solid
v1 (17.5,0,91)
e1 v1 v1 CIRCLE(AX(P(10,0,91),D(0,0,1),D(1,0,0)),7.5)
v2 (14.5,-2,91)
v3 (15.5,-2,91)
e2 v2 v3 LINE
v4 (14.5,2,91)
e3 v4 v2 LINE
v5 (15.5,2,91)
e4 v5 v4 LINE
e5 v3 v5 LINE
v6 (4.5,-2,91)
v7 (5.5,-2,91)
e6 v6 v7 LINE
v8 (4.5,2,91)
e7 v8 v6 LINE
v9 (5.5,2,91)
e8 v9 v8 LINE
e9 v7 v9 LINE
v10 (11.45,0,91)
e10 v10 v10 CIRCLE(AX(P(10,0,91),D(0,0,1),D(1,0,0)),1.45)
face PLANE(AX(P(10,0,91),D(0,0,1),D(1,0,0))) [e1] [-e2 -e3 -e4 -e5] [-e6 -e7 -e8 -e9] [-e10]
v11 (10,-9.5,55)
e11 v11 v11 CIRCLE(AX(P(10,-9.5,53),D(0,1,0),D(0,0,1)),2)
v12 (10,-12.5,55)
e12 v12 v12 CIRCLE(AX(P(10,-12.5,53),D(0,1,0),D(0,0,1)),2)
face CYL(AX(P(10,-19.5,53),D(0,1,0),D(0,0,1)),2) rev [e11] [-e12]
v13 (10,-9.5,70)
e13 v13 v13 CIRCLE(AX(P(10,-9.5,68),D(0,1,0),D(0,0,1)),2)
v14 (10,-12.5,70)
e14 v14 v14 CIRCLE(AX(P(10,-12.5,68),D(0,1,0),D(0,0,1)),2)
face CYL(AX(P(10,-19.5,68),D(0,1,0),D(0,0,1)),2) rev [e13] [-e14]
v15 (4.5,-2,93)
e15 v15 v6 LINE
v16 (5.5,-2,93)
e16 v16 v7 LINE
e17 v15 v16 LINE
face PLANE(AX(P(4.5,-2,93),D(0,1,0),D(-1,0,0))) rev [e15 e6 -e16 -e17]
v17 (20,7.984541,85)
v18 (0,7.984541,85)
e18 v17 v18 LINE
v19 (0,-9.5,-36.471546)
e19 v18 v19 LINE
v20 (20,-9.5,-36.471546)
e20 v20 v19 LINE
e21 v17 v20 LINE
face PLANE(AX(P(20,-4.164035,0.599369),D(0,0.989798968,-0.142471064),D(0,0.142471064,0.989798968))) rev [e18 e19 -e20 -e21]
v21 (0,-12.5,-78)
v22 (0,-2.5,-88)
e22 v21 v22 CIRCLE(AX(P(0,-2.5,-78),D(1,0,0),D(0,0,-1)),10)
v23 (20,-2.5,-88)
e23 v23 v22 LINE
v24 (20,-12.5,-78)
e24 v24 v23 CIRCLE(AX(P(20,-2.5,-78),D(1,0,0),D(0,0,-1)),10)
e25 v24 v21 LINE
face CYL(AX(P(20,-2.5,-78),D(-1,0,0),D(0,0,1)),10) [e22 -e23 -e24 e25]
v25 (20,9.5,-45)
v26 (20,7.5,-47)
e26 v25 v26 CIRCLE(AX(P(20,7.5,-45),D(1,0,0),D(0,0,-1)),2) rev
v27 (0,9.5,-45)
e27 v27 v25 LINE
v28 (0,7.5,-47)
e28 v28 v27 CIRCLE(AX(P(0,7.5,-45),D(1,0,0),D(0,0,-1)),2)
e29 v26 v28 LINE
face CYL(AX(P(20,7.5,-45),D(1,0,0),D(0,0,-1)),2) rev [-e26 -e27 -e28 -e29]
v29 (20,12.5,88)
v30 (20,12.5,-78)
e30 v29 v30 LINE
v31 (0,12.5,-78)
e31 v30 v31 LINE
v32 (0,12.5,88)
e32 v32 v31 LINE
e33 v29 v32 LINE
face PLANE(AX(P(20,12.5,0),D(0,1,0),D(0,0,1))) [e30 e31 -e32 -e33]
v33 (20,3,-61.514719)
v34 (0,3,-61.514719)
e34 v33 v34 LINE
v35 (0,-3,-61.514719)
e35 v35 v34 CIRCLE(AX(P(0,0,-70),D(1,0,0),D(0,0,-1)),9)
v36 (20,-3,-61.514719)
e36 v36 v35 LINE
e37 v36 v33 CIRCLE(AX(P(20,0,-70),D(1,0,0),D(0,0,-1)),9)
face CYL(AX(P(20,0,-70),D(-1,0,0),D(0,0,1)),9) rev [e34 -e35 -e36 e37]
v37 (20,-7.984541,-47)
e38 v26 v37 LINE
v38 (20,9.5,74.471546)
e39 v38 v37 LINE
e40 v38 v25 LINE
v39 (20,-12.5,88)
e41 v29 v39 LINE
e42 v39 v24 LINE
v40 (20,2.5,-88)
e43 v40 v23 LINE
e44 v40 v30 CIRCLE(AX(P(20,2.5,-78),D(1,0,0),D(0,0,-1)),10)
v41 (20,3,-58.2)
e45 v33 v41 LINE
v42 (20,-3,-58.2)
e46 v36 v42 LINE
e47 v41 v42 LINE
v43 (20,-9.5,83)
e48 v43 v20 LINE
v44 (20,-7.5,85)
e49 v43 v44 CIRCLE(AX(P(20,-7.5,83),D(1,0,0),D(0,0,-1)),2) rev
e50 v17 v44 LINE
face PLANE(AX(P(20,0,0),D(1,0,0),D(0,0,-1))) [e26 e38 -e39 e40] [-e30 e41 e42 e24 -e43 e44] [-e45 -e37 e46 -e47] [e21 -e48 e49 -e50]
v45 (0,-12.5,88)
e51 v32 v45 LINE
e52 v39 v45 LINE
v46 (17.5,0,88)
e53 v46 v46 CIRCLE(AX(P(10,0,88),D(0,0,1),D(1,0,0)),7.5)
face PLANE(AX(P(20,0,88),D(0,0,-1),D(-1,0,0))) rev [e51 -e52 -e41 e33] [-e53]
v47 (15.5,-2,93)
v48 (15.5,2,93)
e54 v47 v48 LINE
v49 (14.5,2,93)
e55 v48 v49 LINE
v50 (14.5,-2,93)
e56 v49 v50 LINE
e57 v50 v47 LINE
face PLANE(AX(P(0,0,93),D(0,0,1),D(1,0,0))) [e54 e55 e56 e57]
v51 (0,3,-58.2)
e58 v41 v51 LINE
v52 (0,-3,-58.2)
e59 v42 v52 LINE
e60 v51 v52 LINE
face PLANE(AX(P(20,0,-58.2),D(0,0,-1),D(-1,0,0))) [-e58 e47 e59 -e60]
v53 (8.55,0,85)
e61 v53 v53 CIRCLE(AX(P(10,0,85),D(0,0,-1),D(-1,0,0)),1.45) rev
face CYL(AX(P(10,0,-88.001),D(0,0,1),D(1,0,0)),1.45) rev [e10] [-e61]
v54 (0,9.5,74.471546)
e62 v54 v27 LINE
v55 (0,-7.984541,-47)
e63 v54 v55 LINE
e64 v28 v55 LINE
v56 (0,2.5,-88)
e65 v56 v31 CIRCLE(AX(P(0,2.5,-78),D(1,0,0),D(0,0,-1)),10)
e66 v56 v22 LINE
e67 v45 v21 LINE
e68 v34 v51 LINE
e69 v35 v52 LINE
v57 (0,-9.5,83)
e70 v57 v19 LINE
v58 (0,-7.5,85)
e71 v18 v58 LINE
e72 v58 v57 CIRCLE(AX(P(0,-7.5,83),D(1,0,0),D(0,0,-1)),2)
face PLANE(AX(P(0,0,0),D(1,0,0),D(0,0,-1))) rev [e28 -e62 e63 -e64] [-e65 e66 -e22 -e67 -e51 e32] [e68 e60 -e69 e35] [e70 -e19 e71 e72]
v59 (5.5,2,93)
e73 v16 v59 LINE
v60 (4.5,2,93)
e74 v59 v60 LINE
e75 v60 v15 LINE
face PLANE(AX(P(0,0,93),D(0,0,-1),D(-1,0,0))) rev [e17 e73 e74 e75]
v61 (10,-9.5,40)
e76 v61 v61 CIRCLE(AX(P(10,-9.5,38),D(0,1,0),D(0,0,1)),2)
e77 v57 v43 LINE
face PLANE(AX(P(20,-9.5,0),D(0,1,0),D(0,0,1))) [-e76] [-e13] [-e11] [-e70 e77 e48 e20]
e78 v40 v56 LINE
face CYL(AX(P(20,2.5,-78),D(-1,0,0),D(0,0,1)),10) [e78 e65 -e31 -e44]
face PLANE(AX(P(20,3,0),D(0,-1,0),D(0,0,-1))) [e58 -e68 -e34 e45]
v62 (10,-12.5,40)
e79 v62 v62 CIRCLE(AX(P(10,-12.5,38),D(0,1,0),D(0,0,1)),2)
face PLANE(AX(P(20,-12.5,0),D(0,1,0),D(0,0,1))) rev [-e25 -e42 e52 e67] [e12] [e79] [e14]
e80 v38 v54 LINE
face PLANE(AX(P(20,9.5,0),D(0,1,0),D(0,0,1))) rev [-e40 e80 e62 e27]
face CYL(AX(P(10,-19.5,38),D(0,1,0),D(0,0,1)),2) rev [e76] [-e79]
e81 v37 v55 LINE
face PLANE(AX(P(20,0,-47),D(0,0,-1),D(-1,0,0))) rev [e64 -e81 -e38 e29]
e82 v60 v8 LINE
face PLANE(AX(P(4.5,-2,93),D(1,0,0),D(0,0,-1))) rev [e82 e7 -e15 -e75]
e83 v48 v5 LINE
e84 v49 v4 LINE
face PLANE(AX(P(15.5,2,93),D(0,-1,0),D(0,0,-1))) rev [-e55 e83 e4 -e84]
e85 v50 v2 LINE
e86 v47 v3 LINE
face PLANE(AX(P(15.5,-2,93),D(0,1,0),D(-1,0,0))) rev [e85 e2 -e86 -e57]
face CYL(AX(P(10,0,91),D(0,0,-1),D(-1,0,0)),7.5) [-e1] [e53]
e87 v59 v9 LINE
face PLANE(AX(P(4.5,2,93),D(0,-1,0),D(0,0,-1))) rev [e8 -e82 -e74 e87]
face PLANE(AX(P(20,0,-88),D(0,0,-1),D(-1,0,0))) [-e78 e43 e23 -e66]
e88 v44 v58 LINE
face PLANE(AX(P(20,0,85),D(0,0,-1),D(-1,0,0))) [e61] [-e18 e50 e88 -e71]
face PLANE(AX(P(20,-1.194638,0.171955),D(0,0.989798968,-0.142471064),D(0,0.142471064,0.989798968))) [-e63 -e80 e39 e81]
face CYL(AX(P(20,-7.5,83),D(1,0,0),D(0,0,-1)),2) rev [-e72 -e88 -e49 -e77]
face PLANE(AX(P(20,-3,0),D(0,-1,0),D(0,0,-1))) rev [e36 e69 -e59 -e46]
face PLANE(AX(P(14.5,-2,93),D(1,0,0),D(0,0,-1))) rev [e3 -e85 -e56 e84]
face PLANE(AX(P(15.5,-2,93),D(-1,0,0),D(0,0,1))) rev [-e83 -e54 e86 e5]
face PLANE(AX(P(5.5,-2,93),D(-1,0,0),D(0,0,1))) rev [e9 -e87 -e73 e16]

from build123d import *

# Parameters (mm, degrees)
SKETCH2_W           = 132
SKETCH2_H           = 19
BOSS_EXTRUDE1_DEPTH = 20
SKETCH3_R           = 7.5
BOSS_EXTRUDE2_DEPTH = 3
SKETCH4_W           = 1
SKETCH4_H           = 4
BOSS_EXTRUDE3_DEPTH = 2
CUT_EXTRUDE1_REACH  = 181
SKETCH5_R           = 1.45
FILLET1_R           = 2
SKETCH6_R           = 2
CUT_EXTRUDE2_DEPTH  = 10


with BuildPart() as part:
    # Sketch2 → Boss-Extrude1 (new body)
    with BuildSketch(Plane(origin=(0, 0, 0), x_dir=(0, 0, -1), z_dir=(1, 0, 0))):
        with BuildLine():
            Line((88, 2.5), (88, -2.5))
            ThreePointArc((88, -2.5), (85.071067812, -9.571067812), (78, -12.5))
            Line((78, -12.5), (-88, -12.5))
            Line((-88, -12.5), (-88, -9.5))
            Line((-88, -9.5), (-88, 9.5))
            Line((-88, 9.5), (-88, 12.5))
            Line((-88, 12.5), (78, 12.5))
            ThreePointArc((78, 12.5), (85.071067812, 9.571067812), (88, 2.5))
        make_face()
        with BuildLine():
            ThreePointArc((61.514718626, -3), (79, 0), (61.514718626, 3))
            Line((61.514718626, 3), (58.2, 3))
            Line((58.2, 3), (58.2, -3))
            Line((58.2, -3), (61.514718626, -3))
        make_face(mode=Mode.SUBTRACT)
        with Locations((-19, 0)):
            Rectangle(SKETCH2_W, SKETCH2_H, mode=Mode.SUBTRACT)
        Polygon((-85, 7.984540751), (36.47154627, -9.5), (47, -9.5), (47, -7.984540751), (-74.47154627, 9.5), (-85, 9.5), align=None)
    extrude(amount=BOSS_EXTRUDE1_DEPTH)

    # Sketch3 → Boss-Extrude2 (add)
    with BuildSketch(Plane.XY.offset(88)):
        with Locations((10, 0)):
            Circle(SKETCH3_R)
    extrude(amount=BOSS_EXTRUDE2_DEPTH)

    # Sketch4 → Boss-Extrude3 (add)
    with BuildSketch(Plane.XY.offset(91)):
        with Locations((5, 0)):
            Rectangle(SKETCH4_W, SKETCH4_H)
        with Locations((15, 0)):
            Rectangle(SKETCH4_W, SKETCH4_H)
    extrude(amount=BOSS_EXTRUDE3_DEPTH)

    # Sketch5 → Cut-Extrude1 (cut, up to next)
    with BuildSketch(Plane.XY.offset(91), mode=Mode.PRIVATE) as cut_extrude1_sk1:
        with Locations((10, 0)):
            Circle(SKETCH5_R)
    cut_extrude1_tool1 = extrude(cut_extrude1_sk1.sketch, amount=-CUT_EXTRUDE1_REACH, mode=Mode.PRIVATE) & part.part
    add(cut_extrude1_tool1.solids().sort_by_distance((10, 0, 91))[0], mode=Mode.SUBTRACT)

    # Fillet1
    fillet1_edges = [part.edges().sort_by_distance(p)[0] for p in [
        (10, 9.5, -47),
        (10, -9.5, 85),
    ]]
    fillet(fillet1_edges, radius=FILLET1_R)

    # Sketch6 → Cut-Extrude2 (cut)
    with BuildSketch(Plane(origin=(0, -9.5, 0), x_dir=(1, 0, 0), z_dir=(0, 1, 0))):
        with Locations((10, -53)):
            Circle(SKETCH6_R)
        with Locations((10, -68)):
            Circle(SKETCH6_R)
        with Locations((10, -38)):
            Circle(SKETCH6_R)
    extrude(amount=-CUT_EXTRUDE2_DEPTH, mode=Mode.SUBTRACT)


solid = part.part
